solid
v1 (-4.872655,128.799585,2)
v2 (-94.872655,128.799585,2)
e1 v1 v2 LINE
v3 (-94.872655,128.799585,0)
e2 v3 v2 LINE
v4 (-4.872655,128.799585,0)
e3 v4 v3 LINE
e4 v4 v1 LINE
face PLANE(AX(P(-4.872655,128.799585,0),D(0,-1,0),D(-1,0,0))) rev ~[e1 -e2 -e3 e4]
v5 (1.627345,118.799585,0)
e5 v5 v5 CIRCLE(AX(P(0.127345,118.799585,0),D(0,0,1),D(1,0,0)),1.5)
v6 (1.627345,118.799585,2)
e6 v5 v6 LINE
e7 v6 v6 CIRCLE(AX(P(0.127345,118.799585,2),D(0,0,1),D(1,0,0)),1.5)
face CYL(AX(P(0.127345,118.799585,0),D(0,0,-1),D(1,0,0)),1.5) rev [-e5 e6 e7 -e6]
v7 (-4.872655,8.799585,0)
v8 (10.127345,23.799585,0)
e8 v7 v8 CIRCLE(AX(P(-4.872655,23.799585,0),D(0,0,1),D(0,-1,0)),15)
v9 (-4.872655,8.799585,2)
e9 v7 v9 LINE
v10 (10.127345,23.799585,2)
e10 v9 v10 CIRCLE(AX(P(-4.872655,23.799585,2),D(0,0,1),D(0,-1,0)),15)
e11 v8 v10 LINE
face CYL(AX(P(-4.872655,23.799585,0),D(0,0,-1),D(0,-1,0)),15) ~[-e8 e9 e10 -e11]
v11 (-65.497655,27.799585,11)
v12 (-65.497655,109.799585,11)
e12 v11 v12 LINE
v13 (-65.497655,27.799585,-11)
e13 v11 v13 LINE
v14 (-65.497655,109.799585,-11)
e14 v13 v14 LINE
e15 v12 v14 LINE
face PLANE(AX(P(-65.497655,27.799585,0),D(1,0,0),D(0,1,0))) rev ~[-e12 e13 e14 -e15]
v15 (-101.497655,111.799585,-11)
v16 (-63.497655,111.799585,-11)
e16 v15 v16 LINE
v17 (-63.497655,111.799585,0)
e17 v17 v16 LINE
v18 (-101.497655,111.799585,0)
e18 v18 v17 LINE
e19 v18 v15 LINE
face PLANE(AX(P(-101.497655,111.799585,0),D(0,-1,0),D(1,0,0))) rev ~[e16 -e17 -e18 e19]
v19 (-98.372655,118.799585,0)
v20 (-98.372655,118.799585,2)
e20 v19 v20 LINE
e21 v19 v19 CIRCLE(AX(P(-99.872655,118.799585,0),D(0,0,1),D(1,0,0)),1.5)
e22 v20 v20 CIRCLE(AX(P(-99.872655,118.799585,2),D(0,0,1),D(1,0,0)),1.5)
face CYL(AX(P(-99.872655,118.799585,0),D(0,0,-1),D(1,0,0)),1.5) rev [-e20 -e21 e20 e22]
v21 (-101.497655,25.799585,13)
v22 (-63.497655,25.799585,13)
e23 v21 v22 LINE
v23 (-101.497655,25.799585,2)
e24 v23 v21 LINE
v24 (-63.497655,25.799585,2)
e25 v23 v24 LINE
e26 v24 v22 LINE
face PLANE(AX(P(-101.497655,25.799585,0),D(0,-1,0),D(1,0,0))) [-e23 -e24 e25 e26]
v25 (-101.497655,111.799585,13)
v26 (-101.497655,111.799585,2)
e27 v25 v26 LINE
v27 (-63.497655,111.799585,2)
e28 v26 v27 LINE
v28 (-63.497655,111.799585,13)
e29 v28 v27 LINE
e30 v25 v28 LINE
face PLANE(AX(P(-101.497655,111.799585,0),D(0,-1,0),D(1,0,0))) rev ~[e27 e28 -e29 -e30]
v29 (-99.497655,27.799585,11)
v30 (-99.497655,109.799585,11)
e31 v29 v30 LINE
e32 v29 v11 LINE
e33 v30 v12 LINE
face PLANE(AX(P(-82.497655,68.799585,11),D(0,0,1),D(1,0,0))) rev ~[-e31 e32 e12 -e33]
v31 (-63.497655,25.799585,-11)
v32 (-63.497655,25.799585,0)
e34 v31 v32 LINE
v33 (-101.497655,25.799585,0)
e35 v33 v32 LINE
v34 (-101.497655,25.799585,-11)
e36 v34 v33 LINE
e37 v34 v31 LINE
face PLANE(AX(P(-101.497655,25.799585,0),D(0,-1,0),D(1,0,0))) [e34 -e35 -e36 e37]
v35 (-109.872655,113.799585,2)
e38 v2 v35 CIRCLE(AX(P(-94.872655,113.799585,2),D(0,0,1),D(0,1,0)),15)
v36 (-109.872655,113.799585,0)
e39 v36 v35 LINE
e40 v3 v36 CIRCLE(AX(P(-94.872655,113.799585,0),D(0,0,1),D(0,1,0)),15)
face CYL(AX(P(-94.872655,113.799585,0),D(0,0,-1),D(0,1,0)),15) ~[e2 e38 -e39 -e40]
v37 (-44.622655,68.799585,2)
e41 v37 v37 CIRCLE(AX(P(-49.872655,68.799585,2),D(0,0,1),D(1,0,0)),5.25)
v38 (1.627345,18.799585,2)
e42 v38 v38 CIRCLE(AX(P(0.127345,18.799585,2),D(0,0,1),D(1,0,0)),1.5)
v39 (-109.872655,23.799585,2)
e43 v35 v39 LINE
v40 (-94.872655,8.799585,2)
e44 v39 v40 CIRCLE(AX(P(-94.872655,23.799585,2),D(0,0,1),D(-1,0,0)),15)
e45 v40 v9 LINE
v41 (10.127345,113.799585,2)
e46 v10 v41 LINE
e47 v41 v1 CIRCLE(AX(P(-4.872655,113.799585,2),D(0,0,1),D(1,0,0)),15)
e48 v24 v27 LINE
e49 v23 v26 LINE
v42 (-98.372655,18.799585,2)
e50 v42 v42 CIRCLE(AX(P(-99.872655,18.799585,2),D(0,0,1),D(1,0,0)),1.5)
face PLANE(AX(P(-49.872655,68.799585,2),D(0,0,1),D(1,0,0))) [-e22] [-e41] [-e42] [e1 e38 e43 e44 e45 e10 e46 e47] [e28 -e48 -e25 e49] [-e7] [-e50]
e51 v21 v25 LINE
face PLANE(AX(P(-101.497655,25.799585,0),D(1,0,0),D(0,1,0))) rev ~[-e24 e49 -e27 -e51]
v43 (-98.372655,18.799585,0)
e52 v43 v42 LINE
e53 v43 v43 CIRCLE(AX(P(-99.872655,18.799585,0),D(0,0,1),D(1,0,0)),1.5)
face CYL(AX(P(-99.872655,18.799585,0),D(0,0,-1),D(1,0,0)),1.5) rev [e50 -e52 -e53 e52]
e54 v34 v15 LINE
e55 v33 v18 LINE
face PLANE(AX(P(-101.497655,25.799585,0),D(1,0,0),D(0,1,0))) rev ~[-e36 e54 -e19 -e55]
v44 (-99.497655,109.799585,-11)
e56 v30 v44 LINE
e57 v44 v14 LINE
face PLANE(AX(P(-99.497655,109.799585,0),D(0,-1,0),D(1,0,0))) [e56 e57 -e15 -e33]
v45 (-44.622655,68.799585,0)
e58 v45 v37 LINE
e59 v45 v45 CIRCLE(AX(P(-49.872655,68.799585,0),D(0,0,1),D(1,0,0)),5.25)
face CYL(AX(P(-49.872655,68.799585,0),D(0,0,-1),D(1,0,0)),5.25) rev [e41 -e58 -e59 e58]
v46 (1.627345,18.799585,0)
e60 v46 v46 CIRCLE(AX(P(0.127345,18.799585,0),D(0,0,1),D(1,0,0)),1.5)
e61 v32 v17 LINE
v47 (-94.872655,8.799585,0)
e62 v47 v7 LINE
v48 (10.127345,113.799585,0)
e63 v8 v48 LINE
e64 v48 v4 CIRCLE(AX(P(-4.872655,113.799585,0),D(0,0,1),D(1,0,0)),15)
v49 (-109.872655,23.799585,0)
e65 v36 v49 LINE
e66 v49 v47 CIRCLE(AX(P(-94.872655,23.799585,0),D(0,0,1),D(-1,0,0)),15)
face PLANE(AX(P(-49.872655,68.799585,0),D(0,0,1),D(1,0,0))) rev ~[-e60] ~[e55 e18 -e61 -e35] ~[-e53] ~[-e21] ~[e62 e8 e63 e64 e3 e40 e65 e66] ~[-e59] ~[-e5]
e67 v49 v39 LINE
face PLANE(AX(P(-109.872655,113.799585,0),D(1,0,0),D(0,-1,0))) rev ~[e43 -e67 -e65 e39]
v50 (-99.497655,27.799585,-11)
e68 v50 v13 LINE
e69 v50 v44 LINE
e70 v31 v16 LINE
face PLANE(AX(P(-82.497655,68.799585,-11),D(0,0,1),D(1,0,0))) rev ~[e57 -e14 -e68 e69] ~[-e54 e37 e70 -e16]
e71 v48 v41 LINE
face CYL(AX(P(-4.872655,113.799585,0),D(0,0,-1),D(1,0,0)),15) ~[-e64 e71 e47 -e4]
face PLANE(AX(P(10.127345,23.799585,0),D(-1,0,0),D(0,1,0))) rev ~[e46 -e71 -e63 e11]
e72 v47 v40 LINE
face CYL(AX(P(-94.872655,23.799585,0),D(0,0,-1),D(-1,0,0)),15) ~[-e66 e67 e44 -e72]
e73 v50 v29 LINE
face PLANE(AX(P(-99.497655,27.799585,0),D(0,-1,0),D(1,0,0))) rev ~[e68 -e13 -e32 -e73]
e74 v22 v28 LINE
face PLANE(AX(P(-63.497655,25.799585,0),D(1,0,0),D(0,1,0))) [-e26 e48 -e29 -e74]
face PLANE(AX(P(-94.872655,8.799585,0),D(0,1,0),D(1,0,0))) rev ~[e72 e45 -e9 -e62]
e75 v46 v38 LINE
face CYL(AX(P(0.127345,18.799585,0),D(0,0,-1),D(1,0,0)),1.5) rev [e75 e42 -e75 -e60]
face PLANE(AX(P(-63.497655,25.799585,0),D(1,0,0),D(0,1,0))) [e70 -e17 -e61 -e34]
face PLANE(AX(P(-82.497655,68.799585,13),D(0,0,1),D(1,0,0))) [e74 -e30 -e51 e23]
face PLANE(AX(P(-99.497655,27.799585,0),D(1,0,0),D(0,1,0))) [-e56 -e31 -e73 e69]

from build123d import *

# Parameters (mm, degrees)
F2_W     = 38
F2_H     = 86
F2_W_2   = 34
F2_H_2   = 82
F3_DEPTH = 13
F4_DEPTH = 11
F5_DEPTH = 11
F2_R     = 1.5
F2_R_2   = 5.25
F6_DEPTH = 2


with BuildPart() as f3:
    # F2 (on Top) → F3 (new body)
    with BuildSketch(Plane.XY):
        with Locations((-82.4976554215, 68.799585104)):
            Rectangle(F2_W, F2_H)
        with Locations((-82.4976554215, 68.799585104)):
            Rectangle(F2_W_2, F2_H_2, mode=Mode.SUBTRACT)
        with Locations((-82.4976554215, 68.799585104)):
            Rectangle(F2_W_2, F2_H_2)
    extrude(amount=F3_DEPTH)

    # F2 (on Top) → F4 (cut)
    with BuildSketch(Plane.XY):
        with Locations((-82.4976554215, 68.799585104)):
            Rectangle(F2_W_2, F2_H_2)
    extrude(amount=F4_DEPTH, mode=Mode.SUBTRACT)

    # F2 (on Top) → F5 (join)
    with BuildSketch(Plane.XY):
        with Locations((-82.4976554215, 68.799585104)):
            Rectangle(F2_W, F2_H)
        with Locations((-82.4976554215, 68.799585104)):
            Rectangle(F2_W_2, F2_H_2, mode=Mode.SUBTRACT)
    extrude(amount=-F5_DEPTH)

    # F2 (on Top) → F6 (join)
    with BuildSketch(Plane.XY):
        with BuildLine():
            Line((-94.8726554215, 8.799585104), (-4.8726554215, 8.799585104))
            ThreePointArc((-4.8726554215, 8.799585104), (5.7339462963, 13.1929833862), (10.1273445785, 23.799585104))
            Line((10.1273445785, 23.799585104), (10.1273445785, 113.799585104))
            ThreePointArc((10.1273445785, 113.799585104), (5.7339462963, 124.4061868218), (-4.8726554215, 128.799585104))
            Line((-4.8726554215, 128.799585104), (-94.8726554215, 128.799585104))
            ThreePointArc((-94.8726554215, 128.799585104), (-105.4792571393, 124.4061868218), (-109.8726554215, 113.799585104))
            Line((-109.8726554215, 113.799585104), (-109.8726554215, 23.799585104))
            ThreePointArc((-109.8726554215, 23.799585104), (-105.4792571393, 13.1929833862), (-94.8726554215, 8.799585104))
        make_face()
        with Locations((-99.8726554215, 18.799585104)):
            Circle(F2_R, mode=Mode.SUBTRACT)
        with Locations((0.1273445785, 18.799585104)):
            Circle(F2_R, mode=Mode.SUBTRACT)
        with Locations((-82.4976554215, 68.799585104)):
            Rectangle(F2_W, F2_H, mode=Mode.SUBTRACT)
        with Locations((-49.8726554215, 68.799585104)):
            Circle(F2_R_2, mode=Mode.SUBTRACT)
        with Locations((-99.8726554215, 118.799585104)):
            Circle(F2_R, mode=Mode.SUBTRACT)
        with Locations((0.1273445785, 118.799585104)):
            Circle(F2_R, mode=Mode.SUBTRACT)
    extrude(amount=F6_DEPTH)


solid = f3.part
